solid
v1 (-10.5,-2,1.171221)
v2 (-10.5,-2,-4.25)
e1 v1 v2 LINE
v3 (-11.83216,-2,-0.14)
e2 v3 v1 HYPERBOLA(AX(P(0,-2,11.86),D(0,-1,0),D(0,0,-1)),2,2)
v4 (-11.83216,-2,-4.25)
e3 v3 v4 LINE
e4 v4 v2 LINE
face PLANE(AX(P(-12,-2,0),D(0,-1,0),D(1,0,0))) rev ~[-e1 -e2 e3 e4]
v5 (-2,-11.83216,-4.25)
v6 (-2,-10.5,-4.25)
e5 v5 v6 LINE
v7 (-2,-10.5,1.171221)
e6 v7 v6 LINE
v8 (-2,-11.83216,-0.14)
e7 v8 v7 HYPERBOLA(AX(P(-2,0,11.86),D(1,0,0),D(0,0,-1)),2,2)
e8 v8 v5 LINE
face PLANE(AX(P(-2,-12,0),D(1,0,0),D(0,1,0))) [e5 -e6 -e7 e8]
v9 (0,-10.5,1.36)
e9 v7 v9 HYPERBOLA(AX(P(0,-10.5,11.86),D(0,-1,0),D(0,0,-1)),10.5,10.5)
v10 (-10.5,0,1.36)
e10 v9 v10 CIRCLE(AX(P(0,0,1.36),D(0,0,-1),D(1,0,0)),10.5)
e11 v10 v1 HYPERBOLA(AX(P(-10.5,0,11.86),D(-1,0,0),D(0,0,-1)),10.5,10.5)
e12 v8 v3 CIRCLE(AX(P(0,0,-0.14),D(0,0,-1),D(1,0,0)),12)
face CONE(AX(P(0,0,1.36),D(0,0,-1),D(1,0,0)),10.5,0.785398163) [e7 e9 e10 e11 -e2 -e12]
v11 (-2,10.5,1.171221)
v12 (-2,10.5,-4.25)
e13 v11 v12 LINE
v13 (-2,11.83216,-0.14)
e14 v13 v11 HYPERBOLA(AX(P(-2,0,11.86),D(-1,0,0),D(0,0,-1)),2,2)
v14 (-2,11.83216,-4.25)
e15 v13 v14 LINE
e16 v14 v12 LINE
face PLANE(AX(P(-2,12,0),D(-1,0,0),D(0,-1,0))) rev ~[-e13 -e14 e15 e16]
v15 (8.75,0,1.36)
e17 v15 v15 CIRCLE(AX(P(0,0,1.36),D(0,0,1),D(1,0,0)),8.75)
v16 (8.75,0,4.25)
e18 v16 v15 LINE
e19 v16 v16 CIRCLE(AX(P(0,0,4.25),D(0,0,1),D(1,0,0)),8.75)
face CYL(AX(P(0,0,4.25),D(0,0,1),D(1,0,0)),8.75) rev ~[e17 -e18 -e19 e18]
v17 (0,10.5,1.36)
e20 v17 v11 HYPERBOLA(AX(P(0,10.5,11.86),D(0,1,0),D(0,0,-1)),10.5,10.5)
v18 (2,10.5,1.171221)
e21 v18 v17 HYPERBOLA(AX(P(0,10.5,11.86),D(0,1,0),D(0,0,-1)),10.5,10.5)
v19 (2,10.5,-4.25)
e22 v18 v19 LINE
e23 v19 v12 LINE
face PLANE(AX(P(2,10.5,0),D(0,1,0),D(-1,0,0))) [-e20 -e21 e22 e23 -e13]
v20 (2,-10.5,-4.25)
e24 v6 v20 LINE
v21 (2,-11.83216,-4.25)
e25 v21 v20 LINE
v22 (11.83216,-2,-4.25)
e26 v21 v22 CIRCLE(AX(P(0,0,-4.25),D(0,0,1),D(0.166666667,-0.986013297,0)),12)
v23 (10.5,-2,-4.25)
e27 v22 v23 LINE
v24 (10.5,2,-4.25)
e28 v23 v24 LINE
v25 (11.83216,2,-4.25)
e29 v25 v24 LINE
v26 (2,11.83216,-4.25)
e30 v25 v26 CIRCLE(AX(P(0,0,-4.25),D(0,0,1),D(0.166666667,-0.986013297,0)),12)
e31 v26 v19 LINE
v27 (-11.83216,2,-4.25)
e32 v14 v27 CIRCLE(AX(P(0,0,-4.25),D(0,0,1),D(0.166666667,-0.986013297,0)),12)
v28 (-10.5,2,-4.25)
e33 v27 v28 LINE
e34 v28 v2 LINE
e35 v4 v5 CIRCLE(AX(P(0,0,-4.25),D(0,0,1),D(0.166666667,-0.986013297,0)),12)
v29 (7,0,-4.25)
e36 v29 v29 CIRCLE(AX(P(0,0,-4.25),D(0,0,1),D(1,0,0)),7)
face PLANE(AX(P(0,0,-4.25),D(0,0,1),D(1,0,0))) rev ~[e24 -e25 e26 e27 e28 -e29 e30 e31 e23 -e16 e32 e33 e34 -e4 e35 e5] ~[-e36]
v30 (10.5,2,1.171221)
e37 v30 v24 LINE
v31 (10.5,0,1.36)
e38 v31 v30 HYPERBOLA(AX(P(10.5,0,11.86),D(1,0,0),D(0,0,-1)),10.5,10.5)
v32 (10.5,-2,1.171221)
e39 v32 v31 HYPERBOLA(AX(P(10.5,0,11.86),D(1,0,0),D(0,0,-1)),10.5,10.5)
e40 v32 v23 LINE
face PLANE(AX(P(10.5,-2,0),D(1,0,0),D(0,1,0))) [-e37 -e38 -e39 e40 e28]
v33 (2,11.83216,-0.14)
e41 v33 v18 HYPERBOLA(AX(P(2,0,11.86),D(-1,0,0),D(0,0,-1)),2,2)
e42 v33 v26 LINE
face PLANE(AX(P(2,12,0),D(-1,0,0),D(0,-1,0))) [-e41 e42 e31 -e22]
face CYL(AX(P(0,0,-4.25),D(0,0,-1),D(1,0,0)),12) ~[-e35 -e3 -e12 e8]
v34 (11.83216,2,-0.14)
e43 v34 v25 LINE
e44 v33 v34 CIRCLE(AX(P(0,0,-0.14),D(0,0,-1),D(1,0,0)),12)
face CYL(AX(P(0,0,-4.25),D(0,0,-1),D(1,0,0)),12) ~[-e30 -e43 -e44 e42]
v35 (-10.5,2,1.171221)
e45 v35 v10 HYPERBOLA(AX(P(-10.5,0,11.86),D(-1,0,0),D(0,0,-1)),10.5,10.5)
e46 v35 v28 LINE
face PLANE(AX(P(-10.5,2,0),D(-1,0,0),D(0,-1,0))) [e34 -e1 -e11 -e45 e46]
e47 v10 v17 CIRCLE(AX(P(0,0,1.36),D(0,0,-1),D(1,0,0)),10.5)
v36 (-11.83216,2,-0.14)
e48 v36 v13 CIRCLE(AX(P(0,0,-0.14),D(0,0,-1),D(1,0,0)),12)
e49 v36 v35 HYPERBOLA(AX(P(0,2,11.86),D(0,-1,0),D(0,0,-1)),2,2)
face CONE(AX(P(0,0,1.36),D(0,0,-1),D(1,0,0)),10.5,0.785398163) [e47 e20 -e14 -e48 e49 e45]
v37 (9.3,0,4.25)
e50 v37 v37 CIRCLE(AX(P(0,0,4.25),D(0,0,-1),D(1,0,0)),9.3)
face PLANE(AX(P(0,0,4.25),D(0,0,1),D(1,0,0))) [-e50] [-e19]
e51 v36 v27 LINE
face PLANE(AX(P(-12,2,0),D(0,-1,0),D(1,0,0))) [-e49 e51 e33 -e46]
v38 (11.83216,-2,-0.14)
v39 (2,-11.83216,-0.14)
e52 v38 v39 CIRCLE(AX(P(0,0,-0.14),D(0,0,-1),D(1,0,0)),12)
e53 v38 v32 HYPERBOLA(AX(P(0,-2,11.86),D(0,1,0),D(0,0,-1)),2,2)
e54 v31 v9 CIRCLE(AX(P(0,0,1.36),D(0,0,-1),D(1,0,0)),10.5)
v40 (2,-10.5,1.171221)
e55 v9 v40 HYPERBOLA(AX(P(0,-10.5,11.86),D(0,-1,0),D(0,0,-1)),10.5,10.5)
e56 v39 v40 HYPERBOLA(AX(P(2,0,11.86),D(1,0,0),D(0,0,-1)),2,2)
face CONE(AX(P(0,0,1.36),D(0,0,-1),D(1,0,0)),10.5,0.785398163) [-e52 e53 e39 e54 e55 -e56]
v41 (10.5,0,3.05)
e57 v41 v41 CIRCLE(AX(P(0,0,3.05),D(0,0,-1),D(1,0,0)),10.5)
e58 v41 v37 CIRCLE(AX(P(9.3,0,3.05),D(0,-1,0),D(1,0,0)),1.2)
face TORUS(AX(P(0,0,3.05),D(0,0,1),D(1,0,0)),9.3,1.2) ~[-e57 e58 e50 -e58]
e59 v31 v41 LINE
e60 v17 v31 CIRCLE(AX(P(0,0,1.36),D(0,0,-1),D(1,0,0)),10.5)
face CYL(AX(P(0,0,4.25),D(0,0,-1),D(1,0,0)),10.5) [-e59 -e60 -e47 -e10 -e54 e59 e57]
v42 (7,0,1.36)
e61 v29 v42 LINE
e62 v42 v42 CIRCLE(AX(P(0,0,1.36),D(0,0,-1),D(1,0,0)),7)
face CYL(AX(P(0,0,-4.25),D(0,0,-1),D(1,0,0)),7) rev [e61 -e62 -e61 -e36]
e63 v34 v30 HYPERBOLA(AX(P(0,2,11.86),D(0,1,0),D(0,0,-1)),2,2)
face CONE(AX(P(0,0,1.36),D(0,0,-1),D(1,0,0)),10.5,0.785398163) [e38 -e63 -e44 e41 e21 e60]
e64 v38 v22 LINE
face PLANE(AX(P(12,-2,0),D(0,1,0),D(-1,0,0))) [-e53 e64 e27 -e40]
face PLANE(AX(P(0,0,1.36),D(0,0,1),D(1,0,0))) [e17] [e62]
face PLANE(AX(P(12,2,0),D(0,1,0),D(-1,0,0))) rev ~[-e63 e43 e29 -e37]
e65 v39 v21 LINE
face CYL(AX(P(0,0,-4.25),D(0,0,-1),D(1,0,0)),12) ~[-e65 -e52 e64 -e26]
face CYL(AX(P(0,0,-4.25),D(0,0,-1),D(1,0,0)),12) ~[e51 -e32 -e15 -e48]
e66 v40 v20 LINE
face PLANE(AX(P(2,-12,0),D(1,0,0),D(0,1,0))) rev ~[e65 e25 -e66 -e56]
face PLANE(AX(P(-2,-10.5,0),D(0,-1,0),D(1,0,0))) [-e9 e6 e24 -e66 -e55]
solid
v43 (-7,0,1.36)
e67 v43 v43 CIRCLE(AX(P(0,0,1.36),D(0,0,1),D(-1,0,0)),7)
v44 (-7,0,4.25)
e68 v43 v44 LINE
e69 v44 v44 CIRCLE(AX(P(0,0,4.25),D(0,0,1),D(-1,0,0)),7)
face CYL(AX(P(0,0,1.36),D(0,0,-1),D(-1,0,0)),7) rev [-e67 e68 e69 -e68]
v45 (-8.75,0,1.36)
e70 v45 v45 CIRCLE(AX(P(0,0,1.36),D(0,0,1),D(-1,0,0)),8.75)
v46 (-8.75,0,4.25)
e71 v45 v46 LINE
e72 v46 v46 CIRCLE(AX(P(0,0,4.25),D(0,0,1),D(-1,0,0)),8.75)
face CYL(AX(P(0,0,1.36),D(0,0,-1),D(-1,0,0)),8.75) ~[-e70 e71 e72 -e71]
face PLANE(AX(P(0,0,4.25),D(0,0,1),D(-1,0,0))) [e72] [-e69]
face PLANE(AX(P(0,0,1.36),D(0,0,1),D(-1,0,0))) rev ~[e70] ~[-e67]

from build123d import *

# Parameters (mm, degrees)
BOSS_EXTRUDE1_DEPTH      = 4.25
BOSS_EXTRUDE1_DEPTH_BACK = 4.25
SKETCH4_R                = 12
SKETCH4_R_2              = 7
SKETCH5_R                = 12
SKETCH5_R_2              = 10.5
CUT_EXTRUDE1_DEPTH       = 0.5
SKETCH16_W               = 4
SKETCH16_H               = 1.5
CUT_EXTRUDE7_DEPTH       = 18.494642037
CIRPATTERN1_COUNT        = 4
FILLET1_R                = 1.2
SKETCH19_R               = 8.75
CUT_EXTRUDE8_DEPTH       = 2.89
SKETCH20_R               = 8.75
SKETCH20_R_2             = 7
BOSS_EXTRUDE2_DEPTH      = 2.89


with BuildPart() as part:
    # Sketch4 → Boss-Extrude1 (new, two sides: drawn at the far end of the back side and taken through both)
    with BuildSketch(Plane.XY.offset(-BOSS_EXTRUDE1_DEPTH_BACK)):
        Circle(SKETCH4_R)
        Circle(SKETCH4_R_2, mode=Mode.SUBTRACT)
    extrude(amount=BOSS_EXTRUDE1_DEPTH + BOSS_EXTRUDE1_DEPTH_BACK)

    # Sketch5 → Cut-Extrude1 (cut)
    with BuildSketch(Plane.XY.offset(4.25)):
        Circle(SKETCH5_R)
        Circle(SKETCH5_R_2, mode=Mode.SUBTRACT)
    extrude(amount=-CUT_EXTRUDE1_DEPTH, mode=Mode.SUBTRACT)

    # Sketch16 → Cut-Extrude7 (cut, symmetric)
    with BuildSketch(Plane.XY):
        with Locations((0, -11.25)):
            Rectangle(SKETCH16_W, SKETCH16_H)
    cut_extrude7 = extrude(amount=CUT_EXTRUDE7_DEPTH, both=True, mode=Mode.SUBTRACT)

    # CirPattern1: Cut-Extrude7 ×4 about axis
    cirpattern1_axis = Axis((0, 0, 0), (0, 0, 1))
    for i in range(1, CIRPATTERN1_COUNT):
        add(cut_extrude7.rotate(cirpattern1_axis, i * 360 / CIRPATTERN1_COUNT), mode=Mode.SUBTRACT)

    # Sketch18 → Cut-Revolve1 (revolve, cut)
    with BuildSketch(Plane(origin=(0, 0, 0), x_dir=(0, 0, -1), z_dir=(1, 0, 0)), mode=Mode.PRIVATE) as cut_revolve1_sk:
        Polygon((-1.36, 10.5), (0.14, 12), (-4.25, 12), (-4.25, 10.5), align=None)
    revolve(cut_revolve1_sk.sketch.rotate(Axis((0, 0, 4.25), (0, 0, -1)), 90), axis=Axis((0, 0, 4.25), (0, 0, -1)), mode=Mode.SUBTRACT)

    # Fillet1
    fillet1_edges = [part.edges().sort_by_distance(p)[0] for p in [
        (-10.5, 0, 4.25),
    ]]
    fillet(fillet1_edges, radius=FILLET1_R)

    # Sketch19 → Cut-Extrude8 (cut)
    with BuildSketch(Plane.XY.offset(4.25)):
        Circle(SKETCH19_R)
    extrude(amount=-CUT_EXTRUDE8_DEPTH, mode=Mode.SUBTRACT)


with BuildPart() as body_2:
    # Sketch20 → Boss-Extrude2 (new body)
    with BuildSketch(Plane.XY.offset(1.36)):
        with Locations(Location((0, 0, 0), (0, 0, 180))):
            Circle(SKETCH20_R)
        with Locations(Location((0, 0, 0), (0, 0, 180))):
            Circle(SKETCH20_R_2, mode=Mode.SUBTRACT)
    extrude(amount=BOSS_EXTRUDE2_DEPTH)


solid = Compound([part.part, body_2.part])
